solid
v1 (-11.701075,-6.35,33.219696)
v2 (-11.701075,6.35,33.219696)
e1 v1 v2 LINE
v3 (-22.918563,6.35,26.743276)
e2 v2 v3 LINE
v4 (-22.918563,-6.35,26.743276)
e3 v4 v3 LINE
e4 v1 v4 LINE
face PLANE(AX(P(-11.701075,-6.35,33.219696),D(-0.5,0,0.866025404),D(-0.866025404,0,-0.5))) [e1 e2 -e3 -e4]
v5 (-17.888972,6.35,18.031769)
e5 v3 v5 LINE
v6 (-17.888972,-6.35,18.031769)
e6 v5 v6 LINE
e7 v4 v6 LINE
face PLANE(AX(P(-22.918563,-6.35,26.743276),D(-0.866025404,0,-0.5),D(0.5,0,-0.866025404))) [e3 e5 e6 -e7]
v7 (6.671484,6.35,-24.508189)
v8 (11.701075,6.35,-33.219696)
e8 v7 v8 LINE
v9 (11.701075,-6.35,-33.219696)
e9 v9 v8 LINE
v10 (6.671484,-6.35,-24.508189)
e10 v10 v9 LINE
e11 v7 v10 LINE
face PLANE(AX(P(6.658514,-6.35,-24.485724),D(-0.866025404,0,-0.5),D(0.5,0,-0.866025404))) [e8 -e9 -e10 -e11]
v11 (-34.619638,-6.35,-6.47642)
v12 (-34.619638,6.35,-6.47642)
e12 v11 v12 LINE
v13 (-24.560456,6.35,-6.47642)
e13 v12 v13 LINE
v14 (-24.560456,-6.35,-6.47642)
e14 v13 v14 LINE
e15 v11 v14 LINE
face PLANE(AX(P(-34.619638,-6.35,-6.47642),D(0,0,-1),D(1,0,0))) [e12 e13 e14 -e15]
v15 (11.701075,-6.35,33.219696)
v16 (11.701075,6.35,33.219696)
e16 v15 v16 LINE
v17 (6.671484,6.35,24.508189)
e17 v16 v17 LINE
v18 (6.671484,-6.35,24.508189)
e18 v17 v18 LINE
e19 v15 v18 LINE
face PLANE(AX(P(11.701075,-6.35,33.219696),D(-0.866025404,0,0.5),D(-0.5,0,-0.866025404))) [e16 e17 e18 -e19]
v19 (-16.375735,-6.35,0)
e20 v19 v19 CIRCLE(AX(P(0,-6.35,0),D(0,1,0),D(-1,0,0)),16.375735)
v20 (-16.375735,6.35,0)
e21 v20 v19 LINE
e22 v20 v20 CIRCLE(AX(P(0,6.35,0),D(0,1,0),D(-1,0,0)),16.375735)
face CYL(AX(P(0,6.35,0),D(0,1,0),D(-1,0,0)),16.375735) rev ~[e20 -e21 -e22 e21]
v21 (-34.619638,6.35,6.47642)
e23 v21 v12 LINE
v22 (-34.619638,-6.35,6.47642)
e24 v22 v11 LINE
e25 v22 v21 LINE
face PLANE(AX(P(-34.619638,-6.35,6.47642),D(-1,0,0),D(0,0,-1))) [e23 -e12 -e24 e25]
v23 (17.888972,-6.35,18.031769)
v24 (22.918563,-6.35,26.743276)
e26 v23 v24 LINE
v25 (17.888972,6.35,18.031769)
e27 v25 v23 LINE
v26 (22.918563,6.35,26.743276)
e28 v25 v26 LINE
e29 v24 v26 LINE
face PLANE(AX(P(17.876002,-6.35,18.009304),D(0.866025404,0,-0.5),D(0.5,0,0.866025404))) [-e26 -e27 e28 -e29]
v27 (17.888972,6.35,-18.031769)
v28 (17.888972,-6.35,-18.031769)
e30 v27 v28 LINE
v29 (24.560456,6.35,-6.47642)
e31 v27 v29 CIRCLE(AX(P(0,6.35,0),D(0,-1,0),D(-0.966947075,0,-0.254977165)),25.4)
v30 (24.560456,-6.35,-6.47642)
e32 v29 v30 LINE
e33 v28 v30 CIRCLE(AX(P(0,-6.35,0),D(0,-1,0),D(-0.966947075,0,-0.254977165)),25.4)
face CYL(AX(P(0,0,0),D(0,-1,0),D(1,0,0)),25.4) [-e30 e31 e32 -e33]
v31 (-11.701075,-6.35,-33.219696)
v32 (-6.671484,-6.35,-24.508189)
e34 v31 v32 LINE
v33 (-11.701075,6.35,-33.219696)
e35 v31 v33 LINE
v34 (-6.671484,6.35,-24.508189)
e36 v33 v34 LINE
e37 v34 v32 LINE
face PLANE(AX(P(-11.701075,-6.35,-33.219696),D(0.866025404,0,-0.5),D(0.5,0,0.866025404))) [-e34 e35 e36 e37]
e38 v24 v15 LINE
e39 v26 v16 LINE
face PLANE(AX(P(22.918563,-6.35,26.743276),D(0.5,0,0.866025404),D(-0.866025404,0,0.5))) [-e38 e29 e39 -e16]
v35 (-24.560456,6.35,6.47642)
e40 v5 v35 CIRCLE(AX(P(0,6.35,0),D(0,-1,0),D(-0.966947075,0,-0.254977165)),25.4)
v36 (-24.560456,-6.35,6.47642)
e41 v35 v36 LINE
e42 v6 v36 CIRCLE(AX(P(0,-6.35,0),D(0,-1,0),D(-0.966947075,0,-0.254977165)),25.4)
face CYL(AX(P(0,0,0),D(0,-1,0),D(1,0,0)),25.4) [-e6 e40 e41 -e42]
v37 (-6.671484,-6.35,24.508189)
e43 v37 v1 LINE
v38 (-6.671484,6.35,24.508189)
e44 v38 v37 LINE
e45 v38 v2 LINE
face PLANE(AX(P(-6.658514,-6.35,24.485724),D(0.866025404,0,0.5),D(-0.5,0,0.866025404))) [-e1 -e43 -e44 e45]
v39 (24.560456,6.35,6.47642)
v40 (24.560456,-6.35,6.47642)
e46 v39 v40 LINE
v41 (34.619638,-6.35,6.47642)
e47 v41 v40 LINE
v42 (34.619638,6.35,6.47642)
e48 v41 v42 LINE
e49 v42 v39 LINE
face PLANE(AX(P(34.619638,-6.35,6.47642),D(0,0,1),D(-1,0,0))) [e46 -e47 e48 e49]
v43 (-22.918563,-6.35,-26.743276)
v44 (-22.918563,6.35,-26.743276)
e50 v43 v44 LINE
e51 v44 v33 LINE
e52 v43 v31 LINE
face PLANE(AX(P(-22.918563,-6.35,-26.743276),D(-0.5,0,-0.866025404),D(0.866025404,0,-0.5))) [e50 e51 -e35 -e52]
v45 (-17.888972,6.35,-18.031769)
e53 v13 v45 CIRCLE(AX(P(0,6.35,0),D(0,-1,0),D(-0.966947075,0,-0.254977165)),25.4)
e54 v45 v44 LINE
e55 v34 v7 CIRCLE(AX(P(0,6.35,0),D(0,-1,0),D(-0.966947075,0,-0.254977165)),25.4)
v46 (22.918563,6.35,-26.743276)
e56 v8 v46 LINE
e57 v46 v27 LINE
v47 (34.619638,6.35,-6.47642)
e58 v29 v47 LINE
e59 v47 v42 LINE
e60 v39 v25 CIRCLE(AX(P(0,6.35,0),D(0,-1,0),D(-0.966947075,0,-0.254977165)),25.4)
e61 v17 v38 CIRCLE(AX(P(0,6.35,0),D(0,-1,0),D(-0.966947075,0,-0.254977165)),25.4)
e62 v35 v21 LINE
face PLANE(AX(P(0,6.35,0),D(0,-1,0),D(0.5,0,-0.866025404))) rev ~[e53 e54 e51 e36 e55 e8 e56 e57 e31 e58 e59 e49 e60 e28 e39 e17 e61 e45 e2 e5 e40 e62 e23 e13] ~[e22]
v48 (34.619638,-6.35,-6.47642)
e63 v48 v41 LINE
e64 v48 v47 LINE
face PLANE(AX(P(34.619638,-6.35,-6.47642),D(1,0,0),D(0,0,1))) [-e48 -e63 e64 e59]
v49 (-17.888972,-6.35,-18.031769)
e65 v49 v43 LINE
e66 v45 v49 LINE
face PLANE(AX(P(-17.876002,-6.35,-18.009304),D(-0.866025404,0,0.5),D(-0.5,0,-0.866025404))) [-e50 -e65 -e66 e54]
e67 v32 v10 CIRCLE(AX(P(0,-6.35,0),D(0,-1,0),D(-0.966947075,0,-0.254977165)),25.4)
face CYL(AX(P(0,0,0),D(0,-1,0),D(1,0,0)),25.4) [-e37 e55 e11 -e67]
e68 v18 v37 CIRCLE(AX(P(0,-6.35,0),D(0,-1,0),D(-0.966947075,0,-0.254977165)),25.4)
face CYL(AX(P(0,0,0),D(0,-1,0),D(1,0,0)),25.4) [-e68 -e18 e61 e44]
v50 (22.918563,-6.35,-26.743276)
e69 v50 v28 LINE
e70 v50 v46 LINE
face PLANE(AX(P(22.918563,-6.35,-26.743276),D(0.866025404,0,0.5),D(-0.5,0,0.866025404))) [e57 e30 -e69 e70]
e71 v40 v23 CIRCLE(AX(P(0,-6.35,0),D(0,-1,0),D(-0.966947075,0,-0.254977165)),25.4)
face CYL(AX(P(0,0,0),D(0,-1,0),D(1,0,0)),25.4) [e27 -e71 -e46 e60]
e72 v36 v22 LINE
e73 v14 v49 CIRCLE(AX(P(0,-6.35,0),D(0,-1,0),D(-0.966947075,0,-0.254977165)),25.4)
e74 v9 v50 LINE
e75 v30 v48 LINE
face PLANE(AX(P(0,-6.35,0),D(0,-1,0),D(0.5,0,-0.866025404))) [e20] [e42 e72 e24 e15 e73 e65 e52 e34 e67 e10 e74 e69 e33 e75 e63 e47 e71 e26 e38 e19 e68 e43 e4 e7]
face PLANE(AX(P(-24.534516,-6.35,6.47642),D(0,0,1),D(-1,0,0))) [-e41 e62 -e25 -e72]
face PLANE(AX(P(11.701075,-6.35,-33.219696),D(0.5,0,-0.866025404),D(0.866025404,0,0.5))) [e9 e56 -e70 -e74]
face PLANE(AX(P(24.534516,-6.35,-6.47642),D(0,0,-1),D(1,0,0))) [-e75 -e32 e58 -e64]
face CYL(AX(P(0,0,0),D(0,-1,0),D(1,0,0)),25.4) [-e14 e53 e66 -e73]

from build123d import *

# Parameters (mm, degrees)
F0_R     = 25.4
F1_DEPTH = 6.35
F3_DEPTH = 12.7
F5_COUNT = 6
F6_R     = 6.47642
F7_DEPTH = 12.7
F8_R     = 16.375735
F9_DEPTH = 12.7


with BuildPart() as f1:
    # F0 (on Front) → F1 (new body, symmetric)
    with BuildSketch(Plane.XZ):
        Circle(F0_R)
    extrude(amount=F1_DEPTH, both=True)

    # F2 (on face) → F3 (join)
    with BuildSketch(Plane.XZ.offset(6.35)):
        Polygon((-0.289307, 0), (0, 0), (-24.534516, 6.574004), (-24.534516, 6.47642), (-24.459638, 6.47642), align=None)
        Polygon((-24.534516, -6.574004), (0, 0), (-0.289307, 0), (-24.459638, -6.47642), (-24.534516, -6.47642), align=None)
        Polygon((-24.534516, 0), (-24.534516, 6.47642), (-34.619638, 6.47642), (-34.619638, -6.47642), (-24.534516, -6.47642), align=None)
    extrude(amount=-F3_DEPTH)

    # F5: F1 ×6 about axis
    f5_axis = Axis((0, -23.88444, 0), (0, -1, 0))


with BuildPart() as f1_1:
    add(f1.part)
    for i in range(1, F5_COUNT):
        add(f1.part.rotate(f5_axis, i * 360 / F5_COUNT))

    # F6 (on face) → F7 (cut)
    with BuildSketch(Plane.XZ.offset(6.35)):
        Circle(F6_R)
    extrude(amount=F7_DEPTH, mode=Mode.SUBTRACT)

    # F8 (on face) → F9 (cut)
    with BuildSketch(Plane(origin=(0, 6.35, 0), x_dir=(-1, 0, 0), z_dir=(0, 1, 0))):
        Circle(F8_R)
    extrude(amount=-F9_DEPTH, mode=Mode.SUBTRACT)


solid = f1_1.part
